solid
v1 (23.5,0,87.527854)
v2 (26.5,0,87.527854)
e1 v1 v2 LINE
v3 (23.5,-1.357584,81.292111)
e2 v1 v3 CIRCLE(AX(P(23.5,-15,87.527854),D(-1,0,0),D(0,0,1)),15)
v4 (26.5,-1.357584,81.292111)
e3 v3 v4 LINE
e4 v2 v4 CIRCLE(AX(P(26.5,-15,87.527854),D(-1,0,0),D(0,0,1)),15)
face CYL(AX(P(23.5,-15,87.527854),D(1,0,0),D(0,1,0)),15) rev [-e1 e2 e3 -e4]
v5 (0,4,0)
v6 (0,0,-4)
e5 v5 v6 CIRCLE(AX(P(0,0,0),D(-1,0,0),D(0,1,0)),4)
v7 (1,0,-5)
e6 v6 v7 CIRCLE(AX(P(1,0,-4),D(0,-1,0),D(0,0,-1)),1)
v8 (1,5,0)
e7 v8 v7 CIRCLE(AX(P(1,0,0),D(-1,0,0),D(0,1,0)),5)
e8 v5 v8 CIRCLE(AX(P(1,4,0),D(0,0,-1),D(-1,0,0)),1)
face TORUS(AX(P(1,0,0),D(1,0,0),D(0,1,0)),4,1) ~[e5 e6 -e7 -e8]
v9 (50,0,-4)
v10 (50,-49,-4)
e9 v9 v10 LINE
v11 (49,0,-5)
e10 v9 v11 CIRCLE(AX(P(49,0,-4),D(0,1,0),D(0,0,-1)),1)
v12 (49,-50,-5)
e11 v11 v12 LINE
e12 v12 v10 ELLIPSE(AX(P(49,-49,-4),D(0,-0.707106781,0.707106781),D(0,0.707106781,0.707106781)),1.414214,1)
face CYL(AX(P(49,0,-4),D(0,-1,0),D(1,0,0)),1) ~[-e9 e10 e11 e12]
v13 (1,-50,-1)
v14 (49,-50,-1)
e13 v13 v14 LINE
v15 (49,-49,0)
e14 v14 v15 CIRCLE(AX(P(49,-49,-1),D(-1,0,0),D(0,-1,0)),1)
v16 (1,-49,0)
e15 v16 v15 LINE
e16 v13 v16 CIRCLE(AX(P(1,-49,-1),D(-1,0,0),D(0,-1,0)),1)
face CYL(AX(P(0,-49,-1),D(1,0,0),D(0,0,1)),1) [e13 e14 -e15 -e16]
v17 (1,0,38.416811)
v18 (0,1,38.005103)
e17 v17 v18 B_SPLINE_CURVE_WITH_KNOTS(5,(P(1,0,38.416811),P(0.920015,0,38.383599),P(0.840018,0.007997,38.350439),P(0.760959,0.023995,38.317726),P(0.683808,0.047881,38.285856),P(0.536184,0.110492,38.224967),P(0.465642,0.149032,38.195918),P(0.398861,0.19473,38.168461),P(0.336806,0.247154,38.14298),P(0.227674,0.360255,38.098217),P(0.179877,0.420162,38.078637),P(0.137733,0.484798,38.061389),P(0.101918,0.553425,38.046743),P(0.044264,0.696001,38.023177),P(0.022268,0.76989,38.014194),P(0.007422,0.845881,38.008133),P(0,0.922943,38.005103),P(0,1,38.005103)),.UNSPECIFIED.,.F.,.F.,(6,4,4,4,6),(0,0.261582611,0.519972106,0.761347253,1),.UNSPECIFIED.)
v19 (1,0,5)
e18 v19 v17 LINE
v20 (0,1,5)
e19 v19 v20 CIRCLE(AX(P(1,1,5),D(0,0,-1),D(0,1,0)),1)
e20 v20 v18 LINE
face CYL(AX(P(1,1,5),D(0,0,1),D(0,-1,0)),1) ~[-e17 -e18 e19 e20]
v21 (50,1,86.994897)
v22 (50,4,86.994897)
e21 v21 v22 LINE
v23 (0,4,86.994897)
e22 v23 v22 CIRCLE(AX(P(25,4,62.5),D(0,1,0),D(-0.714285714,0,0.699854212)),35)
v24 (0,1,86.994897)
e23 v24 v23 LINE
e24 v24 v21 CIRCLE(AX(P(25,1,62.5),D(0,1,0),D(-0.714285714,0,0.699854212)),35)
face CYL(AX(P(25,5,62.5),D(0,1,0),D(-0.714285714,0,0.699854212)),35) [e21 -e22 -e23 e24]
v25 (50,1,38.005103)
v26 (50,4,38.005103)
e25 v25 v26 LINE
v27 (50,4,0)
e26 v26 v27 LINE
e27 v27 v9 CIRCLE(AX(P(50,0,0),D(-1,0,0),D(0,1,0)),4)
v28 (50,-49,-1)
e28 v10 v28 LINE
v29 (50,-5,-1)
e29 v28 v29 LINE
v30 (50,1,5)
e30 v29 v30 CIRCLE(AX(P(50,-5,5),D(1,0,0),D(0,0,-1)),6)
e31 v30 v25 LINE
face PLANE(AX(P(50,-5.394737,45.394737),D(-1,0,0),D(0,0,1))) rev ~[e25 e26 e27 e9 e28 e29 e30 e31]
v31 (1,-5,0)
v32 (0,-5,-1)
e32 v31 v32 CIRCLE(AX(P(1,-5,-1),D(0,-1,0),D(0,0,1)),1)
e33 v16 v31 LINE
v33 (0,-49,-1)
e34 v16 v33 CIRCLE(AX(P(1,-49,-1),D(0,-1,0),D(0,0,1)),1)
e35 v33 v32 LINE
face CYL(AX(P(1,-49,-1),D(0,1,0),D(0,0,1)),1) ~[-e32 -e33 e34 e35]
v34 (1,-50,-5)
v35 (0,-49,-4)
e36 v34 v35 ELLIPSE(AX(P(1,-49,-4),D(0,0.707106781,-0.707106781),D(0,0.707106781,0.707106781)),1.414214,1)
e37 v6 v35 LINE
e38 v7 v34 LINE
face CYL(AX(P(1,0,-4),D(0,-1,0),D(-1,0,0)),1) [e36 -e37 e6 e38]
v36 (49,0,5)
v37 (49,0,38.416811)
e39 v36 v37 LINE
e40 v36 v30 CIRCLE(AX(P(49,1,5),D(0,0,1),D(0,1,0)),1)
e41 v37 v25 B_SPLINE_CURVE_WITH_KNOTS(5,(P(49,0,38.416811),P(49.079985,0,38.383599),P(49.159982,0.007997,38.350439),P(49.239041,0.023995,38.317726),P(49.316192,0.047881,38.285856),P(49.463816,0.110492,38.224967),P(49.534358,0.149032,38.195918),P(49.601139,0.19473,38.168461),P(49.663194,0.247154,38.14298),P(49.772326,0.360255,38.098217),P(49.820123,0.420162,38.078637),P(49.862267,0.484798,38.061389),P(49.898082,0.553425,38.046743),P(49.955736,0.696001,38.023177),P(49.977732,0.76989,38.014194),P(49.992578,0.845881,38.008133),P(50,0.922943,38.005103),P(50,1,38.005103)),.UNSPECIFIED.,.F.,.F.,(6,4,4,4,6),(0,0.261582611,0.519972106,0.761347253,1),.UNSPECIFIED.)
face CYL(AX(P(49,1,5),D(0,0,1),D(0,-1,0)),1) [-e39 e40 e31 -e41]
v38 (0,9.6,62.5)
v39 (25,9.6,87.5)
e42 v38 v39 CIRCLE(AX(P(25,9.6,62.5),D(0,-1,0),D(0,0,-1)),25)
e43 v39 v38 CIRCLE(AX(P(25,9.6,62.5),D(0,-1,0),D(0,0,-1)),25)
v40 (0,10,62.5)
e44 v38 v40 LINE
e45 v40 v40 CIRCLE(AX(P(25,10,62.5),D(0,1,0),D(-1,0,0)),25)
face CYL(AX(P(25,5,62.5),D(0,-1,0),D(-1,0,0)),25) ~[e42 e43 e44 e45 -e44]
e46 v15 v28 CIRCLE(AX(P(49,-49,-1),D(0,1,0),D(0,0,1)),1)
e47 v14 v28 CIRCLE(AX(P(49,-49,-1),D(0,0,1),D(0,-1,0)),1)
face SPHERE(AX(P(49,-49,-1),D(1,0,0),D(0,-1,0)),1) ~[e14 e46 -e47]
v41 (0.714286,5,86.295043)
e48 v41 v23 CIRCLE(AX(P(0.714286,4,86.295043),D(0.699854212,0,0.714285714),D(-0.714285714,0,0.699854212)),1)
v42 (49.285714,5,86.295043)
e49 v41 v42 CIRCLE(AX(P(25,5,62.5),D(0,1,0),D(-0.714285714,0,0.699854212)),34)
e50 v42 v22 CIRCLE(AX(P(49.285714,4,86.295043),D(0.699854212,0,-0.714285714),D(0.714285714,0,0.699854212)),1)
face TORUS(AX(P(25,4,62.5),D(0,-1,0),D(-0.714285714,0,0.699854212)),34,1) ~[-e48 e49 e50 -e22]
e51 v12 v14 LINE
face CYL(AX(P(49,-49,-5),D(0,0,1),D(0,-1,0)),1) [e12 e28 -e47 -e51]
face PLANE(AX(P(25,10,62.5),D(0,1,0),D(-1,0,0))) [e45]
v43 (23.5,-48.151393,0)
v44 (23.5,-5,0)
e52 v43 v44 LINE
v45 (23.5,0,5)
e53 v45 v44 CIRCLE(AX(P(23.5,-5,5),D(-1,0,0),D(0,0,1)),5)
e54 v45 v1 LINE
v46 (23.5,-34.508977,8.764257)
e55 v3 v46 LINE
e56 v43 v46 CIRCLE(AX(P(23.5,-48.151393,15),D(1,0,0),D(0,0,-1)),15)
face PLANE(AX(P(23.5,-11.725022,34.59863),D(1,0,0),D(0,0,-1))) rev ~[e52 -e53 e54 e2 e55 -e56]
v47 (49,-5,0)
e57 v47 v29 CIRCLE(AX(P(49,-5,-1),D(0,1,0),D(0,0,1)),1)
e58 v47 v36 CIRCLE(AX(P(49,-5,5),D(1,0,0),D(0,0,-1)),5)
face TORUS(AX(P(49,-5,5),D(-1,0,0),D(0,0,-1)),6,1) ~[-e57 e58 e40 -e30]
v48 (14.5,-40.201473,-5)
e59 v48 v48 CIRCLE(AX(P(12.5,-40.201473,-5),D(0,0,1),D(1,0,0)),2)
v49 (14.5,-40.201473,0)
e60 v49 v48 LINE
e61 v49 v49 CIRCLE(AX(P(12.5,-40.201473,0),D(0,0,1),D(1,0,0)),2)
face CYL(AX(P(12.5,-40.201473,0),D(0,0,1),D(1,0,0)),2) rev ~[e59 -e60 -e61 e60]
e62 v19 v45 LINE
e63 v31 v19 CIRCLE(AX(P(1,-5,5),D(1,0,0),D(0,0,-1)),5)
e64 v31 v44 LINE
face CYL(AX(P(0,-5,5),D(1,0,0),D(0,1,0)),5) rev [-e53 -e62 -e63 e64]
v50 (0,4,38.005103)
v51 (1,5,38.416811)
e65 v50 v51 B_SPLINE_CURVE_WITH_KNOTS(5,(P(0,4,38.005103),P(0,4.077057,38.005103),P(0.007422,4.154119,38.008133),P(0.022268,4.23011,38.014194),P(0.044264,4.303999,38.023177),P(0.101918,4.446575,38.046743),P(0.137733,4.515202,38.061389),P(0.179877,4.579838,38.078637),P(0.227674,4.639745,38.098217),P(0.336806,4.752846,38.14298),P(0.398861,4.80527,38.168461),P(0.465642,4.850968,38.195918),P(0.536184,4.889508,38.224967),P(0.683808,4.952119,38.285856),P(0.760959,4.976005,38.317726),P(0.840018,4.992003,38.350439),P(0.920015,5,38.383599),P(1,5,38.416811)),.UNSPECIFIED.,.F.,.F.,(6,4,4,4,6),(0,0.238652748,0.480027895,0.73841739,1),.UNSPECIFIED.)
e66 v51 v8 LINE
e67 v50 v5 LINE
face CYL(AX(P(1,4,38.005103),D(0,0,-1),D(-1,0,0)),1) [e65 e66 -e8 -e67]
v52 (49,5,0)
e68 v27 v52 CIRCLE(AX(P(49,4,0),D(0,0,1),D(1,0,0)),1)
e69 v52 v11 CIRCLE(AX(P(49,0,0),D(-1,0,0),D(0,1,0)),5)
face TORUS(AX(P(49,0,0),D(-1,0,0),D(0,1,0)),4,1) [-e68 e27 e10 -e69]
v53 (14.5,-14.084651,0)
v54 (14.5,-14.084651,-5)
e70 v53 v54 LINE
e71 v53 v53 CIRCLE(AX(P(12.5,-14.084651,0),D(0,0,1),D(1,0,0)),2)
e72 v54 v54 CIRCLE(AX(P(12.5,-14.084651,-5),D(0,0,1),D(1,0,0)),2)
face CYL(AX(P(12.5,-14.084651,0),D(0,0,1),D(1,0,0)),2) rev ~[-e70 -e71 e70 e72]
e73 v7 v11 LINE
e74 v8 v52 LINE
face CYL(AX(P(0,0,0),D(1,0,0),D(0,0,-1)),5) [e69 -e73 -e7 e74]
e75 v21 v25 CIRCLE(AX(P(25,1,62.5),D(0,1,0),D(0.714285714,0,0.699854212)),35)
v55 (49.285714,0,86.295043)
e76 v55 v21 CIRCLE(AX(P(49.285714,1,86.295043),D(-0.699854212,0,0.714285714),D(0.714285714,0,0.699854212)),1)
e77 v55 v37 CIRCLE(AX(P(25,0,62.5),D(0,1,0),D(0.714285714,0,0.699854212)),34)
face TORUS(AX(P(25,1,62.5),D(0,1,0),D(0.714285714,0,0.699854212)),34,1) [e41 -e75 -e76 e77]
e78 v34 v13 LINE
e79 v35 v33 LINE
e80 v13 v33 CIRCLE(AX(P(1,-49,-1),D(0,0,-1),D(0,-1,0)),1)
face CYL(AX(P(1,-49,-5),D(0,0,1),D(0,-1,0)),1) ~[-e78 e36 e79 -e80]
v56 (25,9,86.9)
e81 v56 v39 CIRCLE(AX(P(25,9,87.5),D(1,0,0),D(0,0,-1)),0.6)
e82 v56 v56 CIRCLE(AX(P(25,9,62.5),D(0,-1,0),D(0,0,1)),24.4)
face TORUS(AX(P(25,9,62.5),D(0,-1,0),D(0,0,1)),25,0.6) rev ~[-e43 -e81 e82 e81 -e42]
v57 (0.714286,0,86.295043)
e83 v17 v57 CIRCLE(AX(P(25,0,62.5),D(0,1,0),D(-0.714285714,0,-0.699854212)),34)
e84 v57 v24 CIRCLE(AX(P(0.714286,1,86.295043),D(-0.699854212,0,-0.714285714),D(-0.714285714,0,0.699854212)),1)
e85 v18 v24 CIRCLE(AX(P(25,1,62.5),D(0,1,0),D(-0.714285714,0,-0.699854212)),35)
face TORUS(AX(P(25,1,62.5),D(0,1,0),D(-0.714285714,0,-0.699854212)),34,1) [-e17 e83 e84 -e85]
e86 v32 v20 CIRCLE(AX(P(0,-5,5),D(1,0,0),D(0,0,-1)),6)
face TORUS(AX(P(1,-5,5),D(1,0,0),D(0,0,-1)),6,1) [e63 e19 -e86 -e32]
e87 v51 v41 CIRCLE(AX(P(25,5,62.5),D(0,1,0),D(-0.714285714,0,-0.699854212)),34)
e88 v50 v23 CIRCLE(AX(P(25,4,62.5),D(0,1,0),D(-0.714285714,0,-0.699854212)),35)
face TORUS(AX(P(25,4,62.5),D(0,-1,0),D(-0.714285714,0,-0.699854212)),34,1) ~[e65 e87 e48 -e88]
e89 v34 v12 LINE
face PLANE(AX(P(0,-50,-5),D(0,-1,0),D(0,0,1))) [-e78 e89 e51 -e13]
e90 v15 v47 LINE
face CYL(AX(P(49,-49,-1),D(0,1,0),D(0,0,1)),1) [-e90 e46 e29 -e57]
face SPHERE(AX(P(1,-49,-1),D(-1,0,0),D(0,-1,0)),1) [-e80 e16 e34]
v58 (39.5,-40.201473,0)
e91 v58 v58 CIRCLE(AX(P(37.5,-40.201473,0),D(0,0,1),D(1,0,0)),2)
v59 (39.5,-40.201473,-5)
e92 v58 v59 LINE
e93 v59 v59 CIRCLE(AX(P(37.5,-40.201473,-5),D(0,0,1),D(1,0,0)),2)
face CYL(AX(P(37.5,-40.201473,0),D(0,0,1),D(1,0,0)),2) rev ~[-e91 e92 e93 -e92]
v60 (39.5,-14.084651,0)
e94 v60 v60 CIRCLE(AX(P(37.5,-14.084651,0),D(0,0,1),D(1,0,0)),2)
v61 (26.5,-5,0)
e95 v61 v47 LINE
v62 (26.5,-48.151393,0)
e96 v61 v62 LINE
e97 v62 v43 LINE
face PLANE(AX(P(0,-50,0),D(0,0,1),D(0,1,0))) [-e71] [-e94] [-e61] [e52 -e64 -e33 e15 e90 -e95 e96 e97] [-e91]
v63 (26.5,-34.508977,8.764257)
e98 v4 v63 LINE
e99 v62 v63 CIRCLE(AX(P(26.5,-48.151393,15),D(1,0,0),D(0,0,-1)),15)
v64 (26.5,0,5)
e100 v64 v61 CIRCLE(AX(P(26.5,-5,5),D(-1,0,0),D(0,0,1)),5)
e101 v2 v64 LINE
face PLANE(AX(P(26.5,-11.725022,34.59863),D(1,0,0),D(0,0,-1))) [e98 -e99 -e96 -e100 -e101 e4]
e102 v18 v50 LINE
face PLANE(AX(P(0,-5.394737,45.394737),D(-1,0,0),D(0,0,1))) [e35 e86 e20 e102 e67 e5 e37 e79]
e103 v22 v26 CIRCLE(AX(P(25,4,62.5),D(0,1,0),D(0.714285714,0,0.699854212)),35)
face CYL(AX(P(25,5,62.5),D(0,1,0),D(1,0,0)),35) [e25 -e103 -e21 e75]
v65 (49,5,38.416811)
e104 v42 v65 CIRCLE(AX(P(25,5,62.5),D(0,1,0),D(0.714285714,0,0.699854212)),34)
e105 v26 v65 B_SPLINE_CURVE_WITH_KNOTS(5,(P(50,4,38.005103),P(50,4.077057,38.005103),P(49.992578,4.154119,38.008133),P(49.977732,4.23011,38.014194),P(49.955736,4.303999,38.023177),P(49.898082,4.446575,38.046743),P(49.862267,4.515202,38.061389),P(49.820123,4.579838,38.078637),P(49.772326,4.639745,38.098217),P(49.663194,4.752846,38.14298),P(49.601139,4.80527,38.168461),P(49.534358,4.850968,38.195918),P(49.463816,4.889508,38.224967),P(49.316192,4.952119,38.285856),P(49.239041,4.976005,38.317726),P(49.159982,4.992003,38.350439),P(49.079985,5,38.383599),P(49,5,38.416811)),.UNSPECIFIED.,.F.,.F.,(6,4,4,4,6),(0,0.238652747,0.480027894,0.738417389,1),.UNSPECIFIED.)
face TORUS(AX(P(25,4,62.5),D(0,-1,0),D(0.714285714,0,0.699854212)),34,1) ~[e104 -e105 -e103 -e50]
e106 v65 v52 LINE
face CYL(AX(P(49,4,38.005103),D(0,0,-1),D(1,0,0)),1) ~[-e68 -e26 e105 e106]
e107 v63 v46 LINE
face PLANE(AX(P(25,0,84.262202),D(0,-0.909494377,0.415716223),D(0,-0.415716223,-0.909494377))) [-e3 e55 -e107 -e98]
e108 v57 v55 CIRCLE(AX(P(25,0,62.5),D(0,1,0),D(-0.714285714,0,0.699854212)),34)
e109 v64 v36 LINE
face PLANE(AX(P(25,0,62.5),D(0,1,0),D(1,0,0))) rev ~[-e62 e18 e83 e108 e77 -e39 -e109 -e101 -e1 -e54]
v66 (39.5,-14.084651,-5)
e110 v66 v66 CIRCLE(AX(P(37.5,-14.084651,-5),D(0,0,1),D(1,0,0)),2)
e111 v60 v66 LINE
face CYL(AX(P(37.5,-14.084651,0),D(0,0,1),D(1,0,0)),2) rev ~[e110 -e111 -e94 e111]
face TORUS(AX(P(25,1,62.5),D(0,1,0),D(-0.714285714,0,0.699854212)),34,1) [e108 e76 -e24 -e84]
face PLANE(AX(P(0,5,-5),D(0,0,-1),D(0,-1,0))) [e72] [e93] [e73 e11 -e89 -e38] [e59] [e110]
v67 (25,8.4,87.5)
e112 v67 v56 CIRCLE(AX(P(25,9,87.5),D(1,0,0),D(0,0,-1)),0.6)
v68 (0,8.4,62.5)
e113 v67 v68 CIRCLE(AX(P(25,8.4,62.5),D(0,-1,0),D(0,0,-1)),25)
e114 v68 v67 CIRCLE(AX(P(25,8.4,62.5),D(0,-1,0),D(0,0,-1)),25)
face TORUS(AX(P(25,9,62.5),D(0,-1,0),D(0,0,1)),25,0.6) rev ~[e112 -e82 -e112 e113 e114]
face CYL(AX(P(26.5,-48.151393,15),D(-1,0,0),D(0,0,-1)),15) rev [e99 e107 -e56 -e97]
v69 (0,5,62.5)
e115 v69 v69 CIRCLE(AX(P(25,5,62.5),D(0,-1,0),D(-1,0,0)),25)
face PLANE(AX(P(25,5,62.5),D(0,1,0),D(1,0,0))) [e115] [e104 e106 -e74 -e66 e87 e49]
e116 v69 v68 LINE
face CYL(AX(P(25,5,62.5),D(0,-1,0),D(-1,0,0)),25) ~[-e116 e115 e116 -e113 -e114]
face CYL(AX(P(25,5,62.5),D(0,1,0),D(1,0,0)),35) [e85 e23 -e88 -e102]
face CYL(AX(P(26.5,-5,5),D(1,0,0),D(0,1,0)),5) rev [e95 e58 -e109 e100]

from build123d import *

# Parameters (mm, degrees)
BOSS_EXTRUDE1_DEPTH = 50
SKETCH2_R           = 25
BOSS_EXTRUDE2_DEPTH = 5
SKETCH3_R           = 35
BOSS_EXTRUDE3_DEPTH = 5
CUT_EXTRUDE1_DEPTH  = 154.378616502
BOSS_EXTRUDE5_DEPTH = 1.5
SKETCH8_R           = 2
CUT_EXTRUDE2_DEPTH  = 125.924977486
FILLET1_R           = 5
FILLET2_R           = 5
SKETCH4_R           = 0.6
FILLET3_R           = 15
FILLET4_R           = 15
FILLET5_R           = 1
FILLET6_R           = 1


with BuildPart() as part:
    # Sketch1 → Boss-Extrude1 (new body)
    with BuildSketch(Plane(origin=(0, 0, 0), x_dir=(0, 0, -1), z_dir=(1, 0, 0))):
        Polygon((0, 0), (-130, 0), (-130, 5), (5, 5), (5, -50), (0, -50), align=None)
    extrude(amount=BOSS_EXTRUDE1_DEPTH)

    # Sketch2 → Boss-Extrude2 (add)
    with BuildSketch(Plane(origin=(0, 5, 0), x_dir=(1, 0, 0), z_dir=(0, 1, 0))):
        with Locations(Location((25, -62.5, 0), (0, 0, 180))):
            Circle(SKETCH2_R)
    extrude(amount=BOSS_EXTRUDE2_DEPTH)

    # Sketch3 → Boss-Extrude3 (add)
    with BuildSketch(Plane(origin=(0, 5, 0), x_dir=(1, 0, 0), z_dir=(0, 1, 0))):
        with Locations((25, -62.5)):
            Circle(SKETCH3_R)
    extrude(amount=-BOSS_EXTRUDE3_DEPTH)

    # Sketch5 → Cut-Extrude1 (cut, through all)
    with BuildSketch(Plane(origin=(0, 5, 0), x_dir=(1, 0, 0), z_dir=(0, 1, 0))):
        with BuildLine():
            Line((50, -86.994897428), (70.537022891, -86.994897428))
            Line((70.537022891, -86.994897428), (70.537022891, -135.576876808))
            Line((70.537022891, -135.576876808), (-17.356127909, -135.576876808))
            Line((-17.356127909, -135.576876808), (0, -86.994897428))
            ThreePointArc((0, -86.994897428), (25, -97.5), (50, -86.994897428))
        make_face()
    extrude(amount=-CUT_EXTRUDE1_DEPTH, mode=Mode.SUBTRACT)

    # Sketch7 → Boss-Extrude5 (add, symmetric)
    with BuildSketch(Plane(origin=(25, 0, 0), x_dir=(0, 0, -1), z_dir=(1, 0, 0))):
        Polygon((0, 0), (-84.262202347, 0), (0, -38.514987448), align=None)
    extrude(amount=BOSS_EXTRUDE5_DEPTH, both=True)

    # Sketch8 → Cut-Extrude2 (cut, through all)
    with BuildSketch(Plane.XY):
        with Locations((12.5, -40.20147339)):
            Circle(SKETCH8_R)
        with Locations((12.5, -14.084651438)):
            Circle(SKETCH8_R)
        with Locations((37.5, -40.20147339)):
            Circle(SKETCH8_R)
        with Locations((37.5, -14.084651438)):
            Circle(SKETCH8_R)
    extrude(amount=-CUT_EXTRUDE2_DEPTH, mode=Mode.SUBTRACT)

    # Fillet1
    fillet1_edges = [part.edges().sort_by_distance(p)[0] for p in [
        (38.25, 0, 0),
        (11.75, 0, 0),
    ]]
    fillet(fillet1_edges, radius=FILLET1_R)

    # Fillet2
    fillet2_edges = [part.edges().sort_by_distance(p)[0] for p in [
        (25, 5, -5),
    ]]
    fillet(fillet2_edges, radius=FILLET2_R)

    # Sketch4 → Cut-Revolve1 (revolve, cut)
    with BuildSketch(Plane(origin=(25, 0, 0), x_dir=(0, 0, -1), z_dir=(1, 0, 0))):
        with Locations((-87.5, 9)):
            Circle(SKETCH4_R)
    revolve(axis=Axis((25, 10, 62.5), (0, -1, 0)), mode=Mode.SUBTRACT)

    # Fillet3
    fillet3_edges = [part.edges().sort_by_distance(p)[0] for p in [
        (25, -38.514987448, 0),
    ]]
    fillet(fillet3_edges, radius=FILLET3_R)

    # Fillet4
    fillet4_edges = [part.edges().sort_by_distance(p)[0] for p in [
        (25, 0, 84.262202347),
    ]]
    fillet(fillet4_edges, radius=FILLET4_R)

    # Fillet5
    fillet5_edges = [part.edges().sort_by_distance(p)[0] for p in [
        (25, -50, 0),
    ]]
    fillet(fillet5_edges, radius=FILLET5_R)

    # Fillet6
    fillet6_edges = [part.edges().sort_by_distance(p)[0] for p in [
        (0, -27, 0),
        (50, -27, 0),
        (0, -1.464466094, 1.464466094),
        (50, -1.464466094, 1.464466094),
        (50, 5, 19.002551286),
        (0, 5, 19.002551286),
        (0, 3.535533906, -3.535533906),
        (50, 3.535533906, -3.535533906),
        (50, -25, -5),
        (0, -50, -3),
        (50, -50, -3),
        (0, -49.707106781, -0.292893219),
        (50, -49.707106781, -0.292893219),
        (0, 0, 21.502551286),
        (50, 0, 21.502551286),
        (25, 0, 97.5),
        (25, 5, 97.5),
        (0, -25, -5),
    ]]
    fillet(fillet6_edges, radius=FILLET6_R)


solid = part.part
